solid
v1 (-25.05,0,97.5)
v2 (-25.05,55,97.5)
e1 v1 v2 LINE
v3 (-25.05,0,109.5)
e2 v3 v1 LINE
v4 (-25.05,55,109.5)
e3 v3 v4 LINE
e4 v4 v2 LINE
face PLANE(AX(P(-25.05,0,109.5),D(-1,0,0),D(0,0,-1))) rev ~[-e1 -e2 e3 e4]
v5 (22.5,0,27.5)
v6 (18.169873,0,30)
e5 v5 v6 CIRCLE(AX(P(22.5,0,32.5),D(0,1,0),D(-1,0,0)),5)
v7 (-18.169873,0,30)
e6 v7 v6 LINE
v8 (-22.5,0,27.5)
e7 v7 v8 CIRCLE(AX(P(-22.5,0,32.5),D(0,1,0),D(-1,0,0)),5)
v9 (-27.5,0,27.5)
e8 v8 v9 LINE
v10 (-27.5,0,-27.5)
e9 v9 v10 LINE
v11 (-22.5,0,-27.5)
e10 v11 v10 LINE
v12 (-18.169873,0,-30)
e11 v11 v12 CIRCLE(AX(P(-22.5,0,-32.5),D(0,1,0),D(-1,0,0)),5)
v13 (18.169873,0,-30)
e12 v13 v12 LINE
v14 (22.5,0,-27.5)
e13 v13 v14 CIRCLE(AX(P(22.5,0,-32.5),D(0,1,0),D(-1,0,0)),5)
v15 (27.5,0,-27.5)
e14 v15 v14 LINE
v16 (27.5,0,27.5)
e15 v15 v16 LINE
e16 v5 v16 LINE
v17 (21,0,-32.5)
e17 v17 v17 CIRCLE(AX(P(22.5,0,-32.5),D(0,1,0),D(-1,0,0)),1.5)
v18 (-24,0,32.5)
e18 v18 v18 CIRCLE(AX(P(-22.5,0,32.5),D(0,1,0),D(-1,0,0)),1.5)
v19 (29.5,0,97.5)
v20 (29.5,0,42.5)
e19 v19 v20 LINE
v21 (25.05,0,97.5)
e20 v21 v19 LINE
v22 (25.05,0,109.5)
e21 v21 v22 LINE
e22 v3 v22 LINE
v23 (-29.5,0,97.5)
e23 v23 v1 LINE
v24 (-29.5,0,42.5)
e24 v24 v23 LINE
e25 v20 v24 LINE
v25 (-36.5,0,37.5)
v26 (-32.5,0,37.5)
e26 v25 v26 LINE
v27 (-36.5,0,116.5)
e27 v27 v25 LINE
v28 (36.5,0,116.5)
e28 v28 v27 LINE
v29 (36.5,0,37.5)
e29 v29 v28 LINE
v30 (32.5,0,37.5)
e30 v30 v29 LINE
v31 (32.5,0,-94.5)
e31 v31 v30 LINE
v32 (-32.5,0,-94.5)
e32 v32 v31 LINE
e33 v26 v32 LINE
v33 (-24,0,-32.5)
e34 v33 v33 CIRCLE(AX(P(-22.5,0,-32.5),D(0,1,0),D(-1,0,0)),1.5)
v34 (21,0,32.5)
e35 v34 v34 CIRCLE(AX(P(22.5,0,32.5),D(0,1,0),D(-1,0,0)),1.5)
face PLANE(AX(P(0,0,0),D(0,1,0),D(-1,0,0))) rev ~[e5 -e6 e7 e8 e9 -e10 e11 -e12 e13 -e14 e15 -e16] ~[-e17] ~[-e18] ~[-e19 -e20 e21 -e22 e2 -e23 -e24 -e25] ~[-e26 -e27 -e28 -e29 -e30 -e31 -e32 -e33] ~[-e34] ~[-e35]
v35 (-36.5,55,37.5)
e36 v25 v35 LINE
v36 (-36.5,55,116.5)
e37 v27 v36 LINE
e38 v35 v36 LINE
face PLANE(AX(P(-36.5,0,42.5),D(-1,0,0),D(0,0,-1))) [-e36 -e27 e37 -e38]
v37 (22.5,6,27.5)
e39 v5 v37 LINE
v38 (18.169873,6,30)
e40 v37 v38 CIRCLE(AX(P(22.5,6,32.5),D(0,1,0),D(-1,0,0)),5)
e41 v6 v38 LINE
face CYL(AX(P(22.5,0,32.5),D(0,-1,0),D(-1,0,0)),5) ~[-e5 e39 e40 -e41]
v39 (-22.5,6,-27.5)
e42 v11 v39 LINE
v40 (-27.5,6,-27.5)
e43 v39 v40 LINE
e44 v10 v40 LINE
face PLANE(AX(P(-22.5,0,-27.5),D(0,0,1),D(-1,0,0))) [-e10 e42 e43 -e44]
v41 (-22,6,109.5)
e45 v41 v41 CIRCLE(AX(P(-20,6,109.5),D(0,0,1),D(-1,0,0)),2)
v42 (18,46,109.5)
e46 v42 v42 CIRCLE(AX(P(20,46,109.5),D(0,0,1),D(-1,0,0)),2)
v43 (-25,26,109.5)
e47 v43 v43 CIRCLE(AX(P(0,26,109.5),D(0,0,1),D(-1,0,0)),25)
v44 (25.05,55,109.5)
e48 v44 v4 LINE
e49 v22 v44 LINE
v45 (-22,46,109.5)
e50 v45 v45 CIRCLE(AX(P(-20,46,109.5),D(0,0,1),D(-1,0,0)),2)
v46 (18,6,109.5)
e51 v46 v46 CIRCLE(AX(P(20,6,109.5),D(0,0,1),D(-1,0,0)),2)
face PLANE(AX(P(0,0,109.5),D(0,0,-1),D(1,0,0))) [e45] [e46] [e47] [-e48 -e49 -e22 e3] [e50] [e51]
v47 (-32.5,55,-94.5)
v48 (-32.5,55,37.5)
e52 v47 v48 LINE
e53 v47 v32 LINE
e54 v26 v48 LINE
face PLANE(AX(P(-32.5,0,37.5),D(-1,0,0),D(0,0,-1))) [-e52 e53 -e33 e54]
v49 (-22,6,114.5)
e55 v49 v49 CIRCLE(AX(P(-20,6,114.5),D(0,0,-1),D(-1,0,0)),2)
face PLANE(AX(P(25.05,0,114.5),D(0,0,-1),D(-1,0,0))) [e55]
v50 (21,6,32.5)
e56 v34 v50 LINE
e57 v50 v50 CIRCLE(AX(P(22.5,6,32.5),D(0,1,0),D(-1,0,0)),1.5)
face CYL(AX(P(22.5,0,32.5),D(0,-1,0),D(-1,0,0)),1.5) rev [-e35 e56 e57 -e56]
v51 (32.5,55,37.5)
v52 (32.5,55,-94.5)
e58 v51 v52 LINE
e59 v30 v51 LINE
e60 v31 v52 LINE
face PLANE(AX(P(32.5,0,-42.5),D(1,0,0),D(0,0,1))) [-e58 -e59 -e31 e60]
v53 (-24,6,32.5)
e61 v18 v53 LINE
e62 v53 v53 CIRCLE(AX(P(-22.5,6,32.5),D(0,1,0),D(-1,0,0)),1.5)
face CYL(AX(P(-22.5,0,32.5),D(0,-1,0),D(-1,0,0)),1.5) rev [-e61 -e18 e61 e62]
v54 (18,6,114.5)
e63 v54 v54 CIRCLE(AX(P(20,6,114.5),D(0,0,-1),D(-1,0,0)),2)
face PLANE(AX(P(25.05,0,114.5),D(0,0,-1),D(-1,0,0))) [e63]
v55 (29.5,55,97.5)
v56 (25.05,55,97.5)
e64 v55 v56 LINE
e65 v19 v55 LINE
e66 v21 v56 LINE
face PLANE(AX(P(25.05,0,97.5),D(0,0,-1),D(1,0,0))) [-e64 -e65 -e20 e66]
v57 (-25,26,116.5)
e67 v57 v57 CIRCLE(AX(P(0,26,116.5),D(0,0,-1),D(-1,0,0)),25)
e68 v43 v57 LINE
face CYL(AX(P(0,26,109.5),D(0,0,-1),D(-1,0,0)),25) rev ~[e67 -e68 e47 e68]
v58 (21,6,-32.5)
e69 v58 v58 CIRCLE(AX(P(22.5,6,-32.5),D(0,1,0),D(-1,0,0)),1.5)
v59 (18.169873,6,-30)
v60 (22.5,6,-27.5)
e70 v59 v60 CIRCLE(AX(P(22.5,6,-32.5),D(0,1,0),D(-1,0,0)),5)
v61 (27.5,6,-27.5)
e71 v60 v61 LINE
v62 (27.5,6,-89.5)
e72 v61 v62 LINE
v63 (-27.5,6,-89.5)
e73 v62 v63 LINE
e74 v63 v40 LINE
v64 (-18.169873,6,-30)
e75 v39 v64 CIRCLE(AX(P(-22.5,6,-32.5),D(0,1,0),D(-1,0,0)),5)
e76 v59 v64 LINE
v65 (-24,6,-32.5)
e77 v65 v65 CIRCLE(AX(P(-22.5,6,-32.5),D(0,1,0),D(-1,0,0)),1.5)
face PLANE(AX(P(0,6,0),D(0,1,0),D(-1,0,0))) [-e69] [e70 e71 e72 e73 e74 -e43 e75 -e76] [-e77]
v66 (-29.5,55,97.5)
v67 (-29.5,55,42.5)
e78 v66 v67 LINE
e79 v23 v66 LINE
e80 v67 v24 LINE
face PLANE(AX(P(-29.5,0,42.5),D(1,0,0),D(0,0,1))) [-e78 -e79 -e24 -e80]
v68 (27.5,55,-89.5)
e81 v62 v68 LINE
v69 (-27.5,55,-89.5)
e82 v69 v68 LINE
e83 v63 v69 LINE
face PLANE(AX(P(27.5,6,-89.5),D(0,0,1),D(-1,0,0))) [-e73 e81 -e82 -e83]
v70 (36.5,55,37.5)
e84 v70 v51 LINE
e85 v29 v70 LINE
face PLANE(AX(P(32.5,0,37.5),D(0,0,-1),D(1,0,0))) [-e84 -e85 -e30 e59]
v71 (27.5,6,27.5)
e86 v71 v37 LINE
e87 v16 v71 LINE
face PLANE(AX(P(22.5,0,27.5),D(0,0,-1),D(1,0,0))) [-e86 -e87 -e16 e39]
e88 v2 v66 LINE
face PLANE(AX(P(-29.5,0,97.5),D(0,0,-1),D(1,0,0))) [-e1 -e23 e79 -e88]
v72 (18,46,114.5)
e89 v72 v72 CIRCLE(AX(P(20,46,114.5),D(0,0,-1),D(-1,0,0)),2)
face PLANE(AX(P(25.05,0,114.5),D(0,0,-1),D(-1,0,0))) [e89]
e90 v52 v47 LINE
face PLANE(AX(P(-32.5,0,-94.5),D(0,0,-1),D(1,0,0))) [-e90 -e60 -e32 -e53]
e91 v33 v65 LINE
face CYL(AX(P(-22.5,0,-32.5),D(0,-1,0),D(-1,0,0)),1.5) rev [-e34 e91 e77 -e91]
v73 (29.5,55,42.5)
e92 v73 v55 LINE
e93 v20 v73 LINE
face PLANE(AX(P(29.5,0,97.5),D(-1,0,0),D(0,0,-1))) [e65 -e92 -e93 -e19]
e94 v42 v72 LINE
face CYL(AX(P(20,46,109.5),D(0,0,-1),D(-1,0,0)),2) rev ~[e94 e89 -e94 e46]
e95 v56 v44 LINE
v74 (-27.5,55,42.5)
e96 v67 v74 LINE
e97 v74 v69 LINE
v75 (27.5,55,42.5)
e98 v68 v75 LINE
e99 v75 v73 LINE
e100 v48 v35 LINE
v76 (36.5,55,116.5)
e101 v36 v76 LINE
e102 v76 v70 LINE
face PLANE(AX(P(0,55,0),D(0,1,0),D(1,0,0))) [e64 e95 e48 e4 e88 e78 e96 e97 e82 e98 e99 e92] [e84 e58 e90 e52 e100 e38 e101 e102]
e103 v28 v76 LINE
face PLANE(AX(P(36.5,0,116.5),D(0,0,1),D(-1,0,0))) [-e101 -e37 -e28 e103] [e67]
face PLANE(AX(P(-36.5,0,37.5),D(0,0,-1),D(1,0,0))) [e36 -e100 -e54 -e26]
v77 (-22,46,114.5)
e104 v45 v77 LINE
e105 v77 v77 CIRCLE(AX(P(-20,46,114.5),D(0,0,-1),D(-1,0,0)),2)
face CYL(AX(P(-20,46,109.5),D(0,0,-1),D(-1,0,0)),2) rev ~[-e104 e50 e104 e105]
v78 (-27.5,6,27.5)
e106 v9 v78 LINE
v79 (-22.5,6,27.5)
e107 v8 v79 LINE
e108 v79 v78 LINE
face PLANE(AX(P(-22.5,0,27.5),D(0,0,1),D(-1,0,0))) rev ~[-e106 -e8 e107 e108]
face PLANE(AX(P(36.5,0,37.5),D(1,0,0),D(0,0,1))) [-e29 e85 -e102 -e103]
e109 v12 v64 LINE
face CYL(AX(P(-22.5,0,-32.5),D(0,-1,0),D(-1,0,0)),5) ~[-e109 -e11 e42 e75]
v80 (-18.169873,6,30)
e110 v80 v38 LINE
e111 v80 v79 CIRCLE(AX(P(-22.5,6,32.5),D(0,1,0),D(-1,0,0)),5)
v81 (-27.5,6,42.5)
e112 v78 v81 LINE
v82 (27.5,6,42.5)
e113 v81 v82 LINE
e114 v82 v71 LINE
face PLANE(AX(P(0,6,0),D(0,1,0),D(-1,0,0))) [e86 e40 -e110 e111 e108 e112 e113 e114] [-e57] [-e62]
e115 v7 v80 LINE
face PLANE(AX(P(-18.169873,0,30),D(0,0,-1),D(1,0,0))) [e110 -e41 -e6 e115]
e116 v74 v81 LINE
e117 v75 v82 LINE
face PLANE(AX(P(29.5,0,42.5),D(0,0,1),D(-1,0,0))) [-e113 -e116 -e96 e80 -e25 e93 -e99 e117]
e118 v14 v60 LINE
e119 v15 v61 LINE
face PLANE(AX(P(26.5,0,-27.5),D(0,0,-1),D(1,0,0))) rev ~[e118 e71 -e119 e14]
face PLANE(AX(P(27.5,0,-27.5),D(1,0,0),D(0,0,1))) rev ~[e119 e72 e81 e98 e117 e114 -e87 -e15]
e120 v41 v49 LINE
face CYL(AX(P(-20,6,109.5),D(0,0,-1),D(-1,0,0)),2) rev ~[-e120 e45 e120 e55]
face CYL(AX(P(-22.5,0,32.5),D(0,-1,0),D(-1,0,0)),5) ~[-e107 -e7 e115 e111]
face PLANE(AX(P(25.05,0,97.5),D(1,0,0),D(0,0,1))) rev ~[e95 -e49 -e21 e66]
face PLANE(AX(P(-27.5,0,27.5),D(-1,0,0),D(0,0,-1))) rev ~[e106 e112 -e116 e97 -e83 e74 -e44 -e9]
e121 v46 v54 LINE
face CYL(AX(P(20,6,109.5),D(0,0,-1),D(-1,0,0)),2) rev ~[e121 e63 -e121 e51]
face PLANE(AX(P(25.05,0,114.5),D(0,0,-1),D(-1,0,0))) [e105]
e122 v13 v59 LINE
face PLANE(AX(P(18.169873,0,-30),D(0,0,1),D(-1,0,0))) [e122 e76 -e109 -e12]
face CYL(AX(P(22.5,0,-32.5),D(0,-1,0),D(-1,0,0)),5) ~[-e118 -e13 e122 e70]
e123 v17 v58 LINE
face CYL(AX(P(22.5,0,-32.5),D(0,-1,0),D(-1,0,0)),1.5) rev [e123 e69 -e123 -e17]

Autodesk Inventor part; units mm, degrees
ref_plane "YZ Plane" through (0, 0, 0) normal (1, 0, 0) x (0, 1, 0)
ref_plane "XZ Plane" through (0, 0, 0) normal (0, 1, 0) x (-1, 0, 0)
ref_plane "XY Plane" through (0, 0, 0) normal (0, 0, 1) x (1, 0, 0)
sketch "Sketch1" plane through (0, 0, 0) normal (0, 1, 0) x (-1, 0, 0)
  line L0 (-22.5, 32.5) -> (22.5, 32.5) construction
  line L1 (22.5, 32.5) -> (22.5, -32.5) construction
  line L2 (22.5, -32.5) -> (-22.5, -32.5) construction
  line L3 (-22.5, -32.5) -> (-22.5, 32.5) construction
  line L4 (-22.5, 32.5) -> (22.5, -32.5) construction
  line L5 (22.5, 32.5) -> (-22.5, -32.5) construction
  circle A0 centre (22.5, 32.5) radius 1.5
  circle A1 centre (22.5, -32.5) radius 1.5
  circle A2 centre (-22.5, -32.5) radius 1.5
  circle A3 centre (-22.5, 32.5) radius 1.5
  line L6 (27.5, 30) -> (-27.5, 30)
  line L7 (-27.5, 30) -> (-27.5, 37.5)
  line L8 (-27.5, 37.5) -> (27.5, 37.5)
  line L9 (27.5, 37.5) -> (27.5, 30)
  line L10 (27.5, -30) -> (27.5, -37.5)
  line L11 (27.5, -37.5) -> (-27.5, -37.5)
  line L12 (-27.5, -37.5) -> (-27.5, -30)
  line L13 (-27.5, -30) -> (27.5, -30)
  circle A4 centre (22.5, 32.5) radius 5
  circle A5 centre (22.5, -32.5) radius 5
  circle A6 centre (-22.5, -32.5) radius 5
  circle A7 centre (-22.5, 32.5) radius 5
  line L14 (-27.5, 37.5) -> (27.5, 37.5)
  line L15 (27.5, 37.5) -> (27.5, -37.5)
  line L16 (27.5, -37.5) -> (-27.5, -37.5)
  line L17 (-27.5, -37.5) -> (-27.5, 37.5)
  line L18 (-27.5, 37.5) -> (27.5, -37.5) construction
  line L19 (27.5, 37.5) -> (-27.5, -37.5) construction
  line L20 (-32.5, 42.5) -> (32.5, 42.5)
  line L21 (32.5, 42.5) -> (32.5, -42.5)
  line L22 (32.5, -42.5) -> (-32.5, -42.5)
  line L23 (-32.5, -42.5) -> (-32.5, 42.5)
  line L24 (-32.5, 42.5) -> (32.5, -42.5) construction
  line L25 (32.5, 42.5) -> (-32.5, -42.5) construction
  line L26 (32.5, 42.5) -> (-14.872, 42.5)
  line L27 (0, 0) -> (0, -184) construction
  line L28 (-21, -47.5) -> (21, -47.5)
  line L29 (21, -47.5) -> (21, -89.5)
  line L30 (21, -89.5) -> (-21, -89.5)
  line L31 (-21, -89.5) -> (-21, -47.5)
  line L32 (-21, -47.5) -> (21, -89.5) construction
  line L33 (21, -47.5) -> (-21, -89.5) construction
  line L34 (32.5, -42.5) -> (32.5, -94.5)
  line L35 (32.5, -94.5) -> (-32.5, -94.5)
  line L36 (-32.5, -94.5) -> (-32.5, -42.5)
  line L37 (22.5, 27.5) -> (27.5, 27.5)
  line L38 (22.5, -27.5) -> (27.5, -27.5)
  line L39 (-22.5, -27.5) -> (-27.5, -27.5)
  line L40 (-22.5, 27.5) -> (-27.5, 27.5)
  line L41 (0, 0) -> (0, 113) construction
  line L42 (32.5, 42.5) -> (32.5, 97.5)
  line L43 (32.5, 97.5) -> (-32.5, 97.5)
  line L44 (-32.5, 97.5) -> (-32.5, 42.5)
  line L45 (29.5, 42.5) -> (29.5, 97.5)
  line L46 (-29.5, 97.5) -> (-29.5, 42.5)
  line L47 (32.5, 42.5) -> (36.5, 42.5)
  line L48 (36.5, 42.5) -> (36.5, 112.5)
  line L49 (36.5, 112.5) -> (-36.5, 112.5)
  line L50 (-36.5, 112.5) -> (-36.5, 42.5)
  line L51 (-36.5, 42.5) -> (-32.5, 42.5)
  line L52 (-27.5, 37.5) -> (-36.5, 37.5)
  line L53 (-36.5, 37.5) -> (-36.5, 42.5)
  line L54 (-27.5, -27.5) -> (-26.5, -27.5)
  line L55 (-26.5, -27.5) -> (-26.5, 27.5)
  line L56 (0, 112.5) -> (0, 97.5)
  line L57 (-25.05, 112.5) -> (25.05, 112.5)
  line L58 (25.05, 112.5) -> (25.05, 97.5)
  line L59 (25.05, 97.5) -> (-25.05, 97.5)
  line L60 (-25.05, 97.5) -> (-25.05, 112.5)
  line L61 (-25.05, 112.5) -> (25.05, 97.5) construction
  line L62 (25.05, 112.5) -> (-25.05, 97.5) construction
  line L63 (25.05, 109.5) -> (-25.05, 109.5)
  line L64 (36.5, 112.5) -> (-36.5, 112.5)
  line L65 (-36.5, 112.5) -> (-36.5, 116.5)
  line L66 (-36.5, 116.5) -> (36.5, 116.5)
  line L67 (36.5, 116.5) -> (36.5, 112.5)
  line L68 (36.5, 42.5) -> (36.5, 37.5)
  line L69 (36.5, 37.5) -> (32.5, 37.5)
  point P0 (0, -68.5)
  point P1 (18.1699, 30)
  point P2 (18.1699, -30)
  point P3 (-18.1699, -30)
  point P4 (-18.1699, 30)
  point P5 (-32.5, 70)
  point P6 (32.5, 0)
  point P7 (-32.5, 37.5)
  point P8 (0, 105)
  point P9 (-25.05, 97.5)
  dimension "d8" = 10
  dimension "d9" = 10
  dimension "d10" = 10
  dimension "d11" = 10
  dimension "d0" = 45
  dimension "d1" = 65
  dimension "d2" = 3
  dimension "d3" = 3
  dimension "d4" = 3
  dimension "d5" = 3
  dimension "d6" = 2.5
  dimension "d7" = 2.5
  dimension "d12" = 5
  dimension "d13" = 5
  dimension "d17" = 42
  dimension "d18" = 42
  dimension "d19" = 5
  dimension "d20" = 5
  dimension "d38" = 55
  dimension "d39" = 3
  dimension "d40" = 3
  dimension "d41" = 4
  dimension "d42" = 4
  dimension "d43" = 15
  dimension "d57" = 1
  dimension "d72" = 50.1
  dimension "d84" = 7
  dimension "d85" = 3
extrude "Extrusion1" add sketch "Sketch1" along normal blind 6 contours L15 L37 A4 L6 | L6 A4 L9 | L23 L20 L21 L22 | L52 L53 L51 L23 | A4 L6 | L6 A4 | A4 L8 L9 | L6 A7 L8 A4 | L15 L13 A5 L38 | A7 L6 | L6 A7 | A7 L7 L8 | L10 A5 L13 | A5 L13 | A7 L40 L17 L6 | L6 L7 A7 | A5 L13 | L10 L11 A5 | A5 L11 A6 L13 | A6 L13 | L13 A6 | L39 A6 L13 L17 | L22 L34 L35 L36 | L44 L43 L46 L20 | L51 L50 L49 L60 L43 L44 | L11 L12 A6 | A6 L12 L13 | L21 L47 L68 L69 | L65 L66 L67 L49 | L20 L45 L43 L42 | L42 L43 L58 L49 L48 L47 | L49 L56 L63 L60 | L49 L58 L63 L56 | L28 L29 L30 L31
sketch "Sketch3" plane through (0, 6, 0) normal (0, 1, 0) x (1, 0, 0)
  line L0 (-29.5, -97.5) -> (-29.5, -42.5) projected
  line L1 (-29.5, -42.5) -> (29.5, -42.5) projected
  circle A0 centre (-22.5, -32.5) radius 1.5 projected
  circle A1 centre (22.5, 32.5) radius 1.5 projected
  circle A2 centre (22.5, -32.5) radius 1.5 projected
  circle A3 centre (-22.5, 32.5) radius 1.5 projected
  arc A4 (-18.1699, -30) -> (-22.5, -27.5) centre (-22.5, -32.5) ccw projected
  line L2 (-22.5, -27.5) -> (-27.5, -27.5) projected
  line L3 (-27.5, -27.5) -> (-27.5, 27.5) projected
  line L4 (-27.5, 27.5) -> (-22.5, 27.5) projected
  arc A5 (-22.5, 27.5) -> (-18.1699, 30) centre (-22.5, 32.5) ccw projected
  line L5 (-18.1699, 30) -> (18.1699, 30) projected
  arc A6 (18.1699, 30) -> (22.5, 27.5) centre (22.5, 32.5) ccw projected
  line L6 (22.5, 27.5) -> (27.5, 27.5) projected
  line L7 (27.5, 27.5) -> (27.5, -27.5) projected
  line L8 (27.5, -27.5) -> (22.5, -27.5) projected
  arc A7 (22.5, -27.5) -> (18.1699, -30) centre (22.5, -32.5) ccw projected
  line L9 (18.1699, -30) -> (-18.1699, -30) projected
  line L10 (32.5, -37.5) -> (32.5, 94.5) projected
  line L11 (32.5, 94.5) -> (-32.5, 94.5) projected
  line L12 (-32.5, 94.5) -> (-32.5, -37.5) projected
  line L13 (-29.5, -97.5) -> (-32.5, -97.5)
  line L14 (-29.5, -97.5) -> (-29.5, -42.5) projected
  line L15 (-29.5, -42.5) -> (-32.5, -42.5)
  line L16 (-32.5, -42.5) -> (-32.5, -97.5)
  line L17 (29.5, -97.5) -> (32.5, -97.5)
  line L18 (32.5, -97.5) -> (32.5, -42.5)
  line L19 (32.5, -42.5) -> (29.5, -42.5)
  line L20 (-32.5, 0) -> (-27.5, 0)
  line L21 (-27.5, 27.5) -> (-27.5, 94.5)
  line L22 (27.5, 27.5) -> (27.5, 94.5)
  line L23 (32.5, 94.5) -> (-32.5, 94.5) projected
  line L24 (36.5, -37.5) -> (32.5, -37.5) projected
  line L25 (27.5, -27.5) -> (27.5, -42.5)
  line L26 (32.5, -31.5) -> (27.5, -31.5)
  line L27 (32.5, -2.5) -> (27.5, -2.5)
  line L28 (27.5, -31.5) -> (27.5, -2.5)
  line L29 (27.5, -17) -> (32.5, -17) construction
  line L30 (-25.05, -97.5) -> (-29.5, -97.5) projected
  line L31 (-36.5, -116.5) -> (36.5, -116.5) projected
  line L32 (36.5, -116.5) -> (36.5, -37.5) projected
  line L33 (-32.5, -37.5) -> (-36.5, -37.5) projected
  line L34 (-36.5, -37.5) -> (-36.5, -116.5) projected
  line L35 (29.5, -42.5) -> (29.5, -97.5) projected
  line L36 (29.5, -97.5) -> (25.05, -97.5) projected
  line L37 (25.05, -97.5) -> (25.05, -109.5) projected
  line L38 (25.05, -109.5) -> (-25.05, -109.5) projected
  line L39 (-25.05, -109.5) -> (-25.05, -97.5) projected
  line L40 (-27.5, -27.5) -> (-27.5, -42.5)
  line L41 (27.5, 89.5) -> (-27.5, 89.5)
  point P0 (0, 0)
  point P1 (27.5, 0)
  point P2 (30, -2.5)
  point P3 (30, -31.5)
  point P4 (-32.5, -42.5)
  dimension "d44" = 3
  dimension "d45" = 3
  dimension "d48" = 29
  dimension "d49" = 1
  dimension "d107" = 5
extrude "Extrusion3" add sketch "Sketch3" along normal blind 45 contours L13 L16 L15 L0 | L30 L39 L38 L37 L36 L17 L18 L19 L1 L25 L26 L10 L24 L32 L31 L34 L33 L12 L20 L3 L40 L15 L16 L13 | L19 L18 L17 L35 | L25 L7 L27 L10 L26 | L20 L12 L11 L21 L3 | L7 L22 L11 L10 L27 | L21 L11 L22 L41
sketch "Sketch7" plane through (25.05, 0, 109.5) normal (0, 0, -1) x (-1, 0, 0)
  line L0 (4.05, 6) -> (46.05, 6) projected
  line L1 (0, 0) -> (50.1, 0) projected
  line L2 (50.1, 0) -> (50.1, 51) projected
  line L3 (0, 0) -> (0, 51) projected
  line L4 (25.05, 51) -> (25.05, 0) construction
  line L5 (5.05, 46) -> (45.05, 46)
  line L6 (45.05, 46) -> (45.05, 6)
  line L7 (45.05, 6) -> (5.05, 6)
  line L8 (5.05, 6) -> (5.05, 46)
  line L9 (5.05, 46) -> (45.05, 6) construction
  line L10 (45.05, 46) -> (5.05, 6) construction
  circle A0 centre (45.05, 6) radius 2
  circle A1 centre (45.05, 46) radius 2
  circle A2 centre (5.05, 46) radius 2
  circle A3 centre (5.05, 6) radius 2
  circle A4 centre (25.05, 26) radius 25
  line L11 (0, 51) -> (50.1, 51) projected
  dimension "d74" = 40
  dimension "d75" = 40
  dimension "d77" = 4
  dimension "d78" = 4
  dimension "d79" = 4
  dimension "d80" = 4
  dimension "d81" = 50
  dimension "d86" = 6
extrude "Extrusion9" cut sketch "Sketch7" against normal blind 45 contours A4 L8 L5 L6 L0 | L0 A4 | A4 L8 | L6 A4 | A4 L5
extrude "Extrusion10" cut sketch "Sketch7" against normal blind 5 contours L8 A3 L0 | L0 A3 L8 | A0 L6 L0 | L0 L6 A0 | A2 L5 L8 | L8 L5 A2 | A1 L5 L6 | L6 L5 A1
sketch "Sketch8" plane through (0, 51, 0) normal (0, 1, 0) x (1, 0, 0)
  line L0 (32.5, 94.5) -> (-32.5, 94.5) projected
  line L1 (-32.5, 94.5) -> (-32.5, -37.5) projected
  line L2 (-36.5, -116.5) -> (0, -116.5) projected
  line L3 (36.5, -116.5) -> (36.5, -37.5) projected
  line L4 (36.5, -37.5) -> (32.5, -37.5) projected
  line L5 (32.5, -37.5) -> (32.5, 94.5) projected
  line L6 (-36.5, -42.5) -> (36.5, -42.5)
  line L7 (-32.5, -37.5) -> (-36.5, -37.5) projected
  line L8 (-36.5, -37.5) -> (-36.5, -116.5) projected
  line L9 (0, -109.5) -> (0, -116.5) projected
  line L10 (0, -116.5) -> (36.5, -116.5) projected
  line L11 (27.5, -42.5) -> (29.5, -42.5) projected
  line L12 (29.5, -42.5) -> (29.5, -97.5) projected
  line L13 (29.5, -97.5) -> (25.05, -97.5) projected
  line L14 (25.05, -97.5) -> (25.05, -109.5) projected
  line L15 (25.05, -109.5) -> (0, -109.5) projected
  line L16 (0, -109.5) -> (-25.05, -109.5) projected
  line L17 (-25.05, -109.5) -> (-25.05, -97.5) projected
  line L18 (-25.05, -97.5) -> (-29.5, -97.5) projected
  line L19 (-29.5, -97.5) -> (-29.5, -42.5) projected
  line L20 (27.5, 89.5) -> (27.5, -42.5) projected
  line L21 (-29.5, -42.5) -> (-27.5, -42.5) projected
  line L22 (-27.5, -42.5) -> (-27.5, 89.5) projected
  line L23 (-27.5, 89.5) -> (27.5, 89.5) projected
  point P0 (0, 0)
extrude "Extrusion11" add sketch "Sketch8" along normal blind 4 contours L5 L4 L3 L6 L20 L23 L22 L8 L7 L1 L0 | L3 L10 L9 L15 L14 L13 L12 L6 | L6 L19 L18 L17 L16 L9 L2 L8
properties part number "New_base_v2"
